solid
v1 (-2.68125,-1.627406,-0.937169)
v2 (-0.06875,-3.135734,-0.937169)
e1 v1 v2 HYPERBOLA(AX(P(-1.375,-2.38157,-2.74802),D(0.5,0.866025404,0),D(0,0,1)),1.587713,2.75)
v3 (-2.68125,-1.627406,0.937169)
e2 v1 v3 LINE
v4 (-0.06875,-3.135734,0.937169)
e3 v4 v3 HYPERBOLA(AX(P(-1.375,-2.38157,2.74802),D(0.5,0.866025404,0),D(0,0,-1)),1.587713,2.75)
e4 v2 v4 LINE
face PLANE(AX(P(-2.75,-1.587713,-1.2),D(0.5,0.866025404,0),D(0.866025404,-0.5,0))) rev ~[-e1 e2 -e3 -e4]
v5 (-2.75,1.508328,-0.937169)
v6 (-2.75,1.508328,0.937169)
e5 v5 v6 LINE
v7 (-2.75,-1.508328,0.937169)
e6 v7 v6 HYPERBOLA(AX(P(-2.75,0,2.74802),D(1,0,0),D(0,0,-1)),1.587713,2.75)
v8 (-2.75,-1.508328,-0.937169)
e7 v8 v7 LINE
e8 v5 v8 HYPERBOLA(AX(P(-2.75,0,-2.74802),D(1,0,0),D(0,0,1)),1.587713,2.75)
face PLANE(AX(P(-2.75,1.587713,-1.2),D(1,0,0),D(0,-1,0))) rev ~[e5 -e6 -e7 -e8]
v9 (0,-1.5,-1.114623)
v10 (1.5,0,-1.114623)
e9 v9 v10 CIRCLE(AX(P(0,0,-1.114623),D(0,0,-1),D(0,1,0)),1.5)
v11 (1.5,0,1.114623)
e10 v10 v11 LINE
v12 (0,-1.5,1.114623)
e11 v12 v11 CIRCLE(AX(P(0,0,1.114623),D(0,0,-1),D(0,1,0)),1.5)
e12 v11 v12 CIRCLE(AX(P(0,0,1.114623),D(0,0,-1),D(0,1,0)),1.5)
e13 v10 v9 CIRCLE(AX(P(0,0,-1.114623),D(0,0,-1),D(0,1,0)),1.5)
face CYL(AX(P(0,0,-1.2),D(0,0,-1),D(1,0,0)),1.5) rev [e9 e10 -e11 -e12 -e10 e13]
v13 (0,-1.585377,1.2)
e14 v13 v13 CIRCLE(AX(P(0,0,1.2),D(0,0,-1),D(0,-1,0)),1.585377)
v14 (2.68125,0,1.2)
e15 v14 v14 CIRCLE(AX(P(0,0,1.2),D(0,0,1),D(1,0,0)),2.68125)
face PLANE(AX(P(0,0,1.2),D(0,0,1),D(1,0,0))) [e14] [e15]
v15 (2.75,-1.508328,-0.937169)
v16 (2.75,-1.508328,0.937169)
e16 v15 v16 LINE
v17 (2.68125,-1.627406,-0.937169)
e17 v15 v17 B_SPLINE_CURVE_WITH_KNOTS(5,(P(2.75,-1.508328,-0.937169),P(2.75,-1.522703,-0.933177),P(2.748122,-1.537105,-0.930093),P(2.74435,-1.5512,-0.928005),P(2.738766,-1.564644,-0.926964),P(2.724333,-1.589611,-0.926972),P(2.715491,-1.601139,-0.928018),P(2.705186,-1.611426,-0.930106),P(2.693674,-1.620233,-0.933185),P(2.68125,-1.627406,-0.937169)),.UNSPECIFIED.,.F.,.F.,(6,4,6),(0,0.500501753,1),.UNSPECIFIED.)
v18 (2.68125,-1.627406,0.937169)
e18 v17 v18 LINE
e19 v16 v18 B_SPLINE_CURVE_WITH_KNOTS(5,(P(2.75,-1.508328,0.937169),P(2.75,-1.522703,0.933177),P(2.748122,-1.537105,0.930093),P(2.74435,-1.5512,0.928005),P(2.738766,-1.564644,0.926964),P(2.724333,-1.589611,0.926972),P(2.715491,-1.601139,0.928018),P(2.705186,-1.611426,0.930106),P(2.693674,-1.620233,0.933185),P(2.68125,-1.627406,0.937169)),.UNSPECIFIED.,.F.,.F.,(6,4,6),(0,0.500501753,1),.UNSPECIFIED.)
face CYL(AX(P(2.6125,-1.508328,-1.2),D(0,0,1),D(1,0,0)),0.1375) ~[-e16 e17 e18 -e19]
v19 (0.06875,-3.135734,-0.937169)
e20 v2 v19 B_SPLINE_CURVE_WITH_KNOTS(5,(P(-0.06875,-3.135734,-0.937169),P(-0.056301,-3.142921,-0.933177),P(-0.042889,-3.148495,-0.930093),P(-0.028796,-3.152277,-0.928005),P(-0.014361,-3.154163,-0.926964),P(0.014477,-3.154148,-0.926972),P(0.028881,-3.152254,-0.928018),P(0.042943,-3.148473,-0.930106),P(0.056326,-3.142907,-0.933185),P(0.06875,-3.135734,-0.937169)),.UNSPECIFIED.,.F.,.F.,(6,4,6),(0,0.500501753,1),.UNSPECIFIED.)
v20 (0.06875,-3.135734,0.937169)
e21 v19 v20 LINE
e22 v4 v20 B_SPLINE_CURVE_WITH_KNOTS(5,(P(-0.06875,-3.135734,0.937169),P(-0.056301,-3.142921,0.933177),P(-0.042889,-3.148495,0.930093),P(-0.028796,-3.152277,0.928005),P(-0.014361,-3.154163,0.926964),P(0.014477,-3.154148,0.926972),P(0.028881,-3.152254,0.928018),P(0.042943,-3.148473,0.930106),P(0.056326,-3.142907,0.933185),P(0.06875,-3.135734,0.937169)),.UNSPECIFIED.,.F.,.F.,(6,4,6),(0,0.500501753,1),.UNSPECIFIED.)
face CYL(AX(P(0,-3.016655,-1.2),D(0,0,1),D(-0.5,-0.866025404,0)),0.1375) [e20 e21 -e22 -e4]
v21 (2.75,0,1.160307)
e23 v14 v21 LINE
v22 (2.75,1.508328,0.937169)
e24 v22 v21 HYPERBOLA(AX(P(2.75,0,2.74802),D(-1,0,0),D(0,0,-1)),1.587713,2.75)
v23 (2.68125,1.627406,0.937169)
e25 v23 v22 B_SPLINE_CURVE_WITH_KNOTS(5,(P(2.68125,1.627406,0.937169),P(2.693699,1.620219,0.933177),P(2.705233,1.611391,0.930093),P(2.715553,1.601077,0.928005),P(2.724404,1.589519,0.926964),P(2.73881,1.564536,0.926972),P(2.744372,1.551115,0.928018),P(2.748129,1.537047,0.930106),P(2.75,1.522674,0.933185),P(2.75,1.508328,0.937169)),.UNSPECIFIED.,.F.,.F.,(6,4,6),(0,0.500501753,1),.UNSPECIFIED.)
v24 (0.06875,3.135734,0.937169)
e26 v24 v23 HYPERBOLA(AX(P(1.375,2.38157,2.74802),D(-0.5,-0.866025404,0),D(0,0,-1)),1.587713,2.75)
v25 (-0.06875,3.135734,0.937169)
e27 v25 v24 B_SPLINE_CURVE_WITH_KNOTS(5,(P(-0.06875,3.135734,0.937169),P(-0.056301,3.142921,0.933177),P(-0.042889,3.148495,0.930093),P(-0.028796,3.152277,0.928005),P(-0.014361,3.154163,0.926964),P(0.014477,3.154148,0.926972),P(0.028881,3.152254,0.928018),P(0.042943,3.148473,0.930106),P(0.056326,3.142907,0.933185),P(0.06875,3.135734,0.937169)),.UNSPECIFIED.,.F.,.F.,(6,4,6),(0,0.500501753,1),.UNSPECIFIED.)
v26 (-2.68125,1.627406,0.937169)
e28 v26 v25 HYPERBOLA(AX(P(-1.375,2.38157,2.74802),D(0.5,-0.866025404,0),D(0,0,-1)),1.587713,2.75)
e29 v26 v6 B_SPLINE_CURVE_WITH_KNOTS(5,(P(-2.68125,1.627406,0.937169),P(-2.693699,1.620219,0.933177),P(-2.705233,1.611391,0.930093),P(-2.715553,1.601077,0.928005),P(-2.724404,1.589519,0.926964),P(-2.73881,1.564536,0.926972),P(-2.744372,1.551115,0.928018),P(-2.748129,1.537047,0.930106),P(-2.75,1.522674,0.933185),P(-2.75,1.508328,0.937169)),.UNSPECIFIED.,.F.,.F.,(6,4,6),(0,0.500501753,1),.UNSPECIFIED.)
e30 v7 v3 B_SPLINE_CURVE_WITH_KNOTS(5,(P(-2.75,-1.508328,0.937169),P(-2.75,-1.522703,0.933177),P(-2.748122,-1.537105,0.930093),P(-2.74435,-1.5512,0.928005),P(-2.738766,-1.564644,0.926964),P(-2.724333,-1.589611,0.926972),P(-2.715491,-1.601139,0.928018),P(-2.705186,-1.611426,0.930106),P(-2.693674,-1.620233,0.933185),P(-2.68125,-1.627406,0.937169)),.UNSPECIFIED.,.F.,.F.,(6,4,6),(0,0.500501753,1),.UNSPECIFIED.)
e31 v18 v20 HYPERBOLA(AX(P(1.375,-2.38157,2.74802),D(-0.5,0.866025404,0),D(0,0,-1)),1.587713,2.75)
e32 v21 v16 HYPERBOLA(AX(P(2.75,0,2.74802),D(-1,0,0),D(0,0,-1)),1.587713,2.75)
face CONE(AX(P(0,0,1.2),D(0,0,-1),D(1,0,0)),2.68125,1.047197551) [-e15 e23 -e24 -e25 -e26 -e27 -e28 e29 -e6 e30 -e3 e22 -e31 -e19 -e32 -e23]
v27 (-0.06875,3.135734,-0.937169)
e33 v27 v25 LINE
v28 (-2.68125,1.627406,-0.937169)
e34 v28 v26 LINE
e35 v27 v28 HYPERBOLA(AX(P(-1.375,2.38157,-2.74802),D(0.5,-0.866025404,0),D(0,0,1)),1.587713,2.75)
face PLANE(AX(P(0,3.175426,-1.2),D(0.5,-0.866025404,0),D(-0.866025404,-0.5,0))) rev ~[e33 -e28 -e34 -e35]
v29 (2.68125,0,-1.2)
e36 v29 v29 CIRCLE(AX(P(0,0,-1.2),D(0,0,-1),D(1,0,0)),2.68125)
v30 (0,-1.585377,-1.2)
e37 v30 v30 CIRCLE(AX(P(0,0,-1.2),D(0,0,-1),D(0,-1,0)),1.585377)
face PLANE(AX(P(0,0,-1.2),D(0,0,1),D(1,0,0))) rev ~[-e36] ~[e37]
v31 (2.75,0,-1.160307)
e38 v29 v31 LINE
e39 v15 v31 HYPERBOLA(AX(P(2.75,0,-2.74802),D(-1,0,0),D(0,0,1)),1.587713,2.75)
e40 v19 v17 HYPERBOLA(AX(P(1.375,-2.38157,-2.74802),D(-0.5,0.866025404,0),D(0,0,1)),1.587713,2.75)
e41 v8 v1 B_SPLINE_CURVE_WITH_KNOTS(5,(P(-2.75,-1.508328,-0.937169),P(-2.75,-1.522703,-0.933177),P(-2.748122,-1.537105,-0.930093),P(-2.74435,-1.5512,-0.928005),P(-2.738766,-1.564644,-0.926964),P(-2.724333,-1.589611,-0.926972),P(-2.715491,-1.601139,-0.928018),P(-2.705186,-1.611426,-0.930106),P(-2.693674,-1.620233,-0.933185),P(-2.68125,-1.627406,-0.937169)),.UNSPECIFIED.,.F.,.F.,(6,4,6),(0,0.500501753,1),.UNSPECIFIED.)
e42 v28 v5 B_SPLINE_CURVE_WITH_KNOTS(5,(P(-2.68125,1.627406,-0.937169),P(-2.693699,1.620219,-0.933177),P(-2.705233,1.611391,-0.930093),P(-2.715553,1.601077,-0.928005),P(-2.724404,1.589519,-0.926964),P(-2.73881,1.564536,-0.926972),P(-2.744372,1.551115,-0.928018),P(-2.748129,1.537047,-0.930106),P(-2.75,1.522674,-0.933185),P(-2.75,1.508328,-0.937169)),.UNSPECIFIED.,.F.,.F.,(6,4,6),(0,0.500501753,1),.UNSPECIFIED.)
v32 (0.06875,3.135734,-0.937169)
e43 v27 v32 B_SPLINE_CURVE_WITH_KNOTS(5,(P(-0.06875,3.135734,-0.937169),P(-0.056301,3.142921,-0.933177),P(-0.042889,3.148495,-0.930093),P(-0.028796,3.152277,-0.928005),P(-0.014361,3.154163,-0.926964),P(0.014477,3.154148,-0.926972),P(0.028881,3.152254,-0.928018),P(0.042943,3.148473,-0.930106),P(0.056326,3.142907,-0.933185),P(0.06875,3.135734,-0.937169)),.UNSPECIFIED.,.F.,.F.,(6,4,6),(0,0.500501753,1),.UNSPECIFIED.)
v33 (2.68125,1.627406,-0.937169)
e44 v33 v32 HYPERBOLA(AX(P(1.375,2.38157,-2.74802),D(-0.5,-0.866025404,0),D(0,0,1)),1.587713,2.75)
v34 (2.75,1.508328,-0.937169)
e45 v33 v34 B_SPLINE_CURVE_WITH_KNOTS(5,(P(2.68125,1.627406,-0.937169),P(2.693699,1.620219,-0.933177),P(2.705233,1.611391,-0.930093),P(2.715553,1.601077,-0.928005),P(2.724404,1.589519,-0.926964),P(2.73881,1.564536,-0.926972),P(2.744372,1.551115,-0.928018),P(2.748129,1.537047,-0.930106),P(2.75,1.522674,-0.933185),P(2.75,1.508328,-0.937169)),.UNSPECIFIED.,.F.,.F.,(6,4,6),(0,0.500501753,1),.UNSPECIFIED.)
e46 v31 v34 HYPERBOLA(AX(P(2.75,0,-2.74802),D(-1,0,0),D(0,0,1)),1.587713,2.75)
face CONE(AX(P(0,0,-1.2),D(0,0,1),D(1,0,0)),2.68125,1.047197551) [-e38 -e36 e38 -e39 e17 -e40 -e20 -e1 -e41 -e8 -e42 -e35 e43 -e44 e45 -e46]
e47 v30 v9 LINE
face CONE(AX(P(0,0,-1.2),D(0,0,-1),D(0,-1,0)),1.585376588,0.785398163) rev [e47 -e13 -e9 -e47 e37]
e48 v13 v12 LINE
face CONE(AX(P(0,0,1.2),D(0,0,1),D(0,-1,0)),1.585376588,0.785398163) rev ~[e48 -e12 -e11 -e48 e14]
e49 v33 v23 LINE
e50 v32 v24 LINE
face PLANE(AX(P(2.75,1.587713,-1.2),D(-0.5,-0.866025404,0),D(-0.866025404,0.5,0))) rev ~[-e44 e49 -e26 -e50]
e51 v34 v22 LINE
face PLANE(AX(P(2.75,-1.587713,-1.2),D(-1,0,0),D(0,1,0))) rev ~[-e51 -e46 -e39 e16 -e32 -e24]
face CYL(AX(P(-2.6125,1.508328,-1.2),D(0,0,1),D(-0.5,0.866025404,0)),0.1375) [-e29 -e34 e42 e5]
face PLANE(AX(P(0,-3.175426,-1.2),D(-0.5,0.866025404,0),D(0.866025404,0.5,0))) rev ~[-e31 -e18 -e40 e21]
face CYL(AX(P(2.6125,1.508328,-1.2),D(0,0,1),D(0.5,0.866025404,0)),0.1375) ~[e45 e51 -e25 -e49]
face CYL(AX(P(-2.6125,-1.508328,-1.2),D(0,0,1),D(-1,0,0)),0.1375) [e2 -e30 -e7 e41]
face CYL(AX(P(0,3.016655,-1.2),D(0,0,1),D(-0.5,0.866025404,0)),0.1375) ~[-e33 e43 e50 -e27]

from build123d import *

# Parameters (mm, degrees)
BOSS_EXTRUDE1_DEPTH      = 1.2
BOSS_EXTRUDE1_DEPTH_BACK = 1.2
SKETCH2_R                = 1.5
SKETCH3_OUTSIDE_W        = 29.47
SKETCH3_OUTSIDE_H        = 30.32
SKETCH3_OUTSIDE_R        = 2.68125
CUT_EXTRUDE1_DEPTH       = 5.837957558
CUT_EXTRUDE1_DRAFT       = -60
FILLET1_R                = 0.1375
MIRROR1_COPY_1_SKETCH_W  = 29.47
MIRROR1_COPY_1_SKETCH_H  = 30.32
MIRROR1_COPY_1_SKETCH_R  = 2.68125
MIRROR1_COPY_1_DEPTH     = 5.837957558
MIRROR1_COPY_1_DRAFT     = -60


with BuildPart() as part:
    # Sketch2 → Boss-Extrude1 (new, two sides: drawn at the far end of the back side and taken through both)
    with BuildSketch(Plane.XY.offset(-BOSS_EXTRUDE1_DEPTH_BACK)):
        Polygon((0, 3.175426481), (-2.75, 1.58771324), (-2.75, -1.58771324), (0, -3.175426481), (2.75, -1.58771324), (2.75, 1.58771324), align=None)
        Circle(SKETCH2_R, mode=Mode.SUBTRACT)
    extrude(amount=BOSS_EXTRUDE1_DEPTH + BOSS_EXTRUDE1_DEPTH_BACK)


with BuildPart() as cut_extrude1_tool:
    # Sketch3 outside → Cut-Extrude1 (with draft: the straight prism first)
    with BuildSketch(Plane.XY.offset(1.2)):
        Rectangle(SKETCH3_OUTSIDE_W, SKETCH3_OUTSIDE_H)
        Circle(SKETCH3_OUTSIDE_R, mode=Mode.SUBTRACT)
    extrude(amount=-CUT_EXTRUDE1_DEPTH)
    # Cut-Extrude1: the draft: its side faces are tilted about the plane it starts from
    cut_extrude1_sides = [cut_extrude1_tool.faces().sort_by_distance(p)[0] for p in [
        (0, -15.16, -1.718978779),
        (14.735, 0, -1.718978779),
        (0, 15.16, -1.718978779),
        (-14.735, 0, -1.718978779),
        (-2.68125, 0, -1.718978779),
    ]]
    draft(cut_extrude1_sides, Plane.XY.offset(1.2), CUT_EXTRUDE1_DRAFT)


with BuildPart() as part_1:
    add(part.part)

    # Cut-Extrude1: cut by cut_extrude1_tool
    add(cut_extrude1_tool.part, mode=Mode.SUBTRACT)

    # Fillet1
    fillet1_edges = [part_1.edges().sort_by_distance(p)[0] for p in [
        (2.75, -1.58771324, -0.142656462),
        (0, -3.175426481, -0.142656462),
        (-2.75, -1.58771324, -0.142656462),
        (-2.75, 1.58771324, -0.142656462),
        (2.75, 1.58771324, -0.142656462),
        (0, 3.175426481, -0.142656462),
    ]]
    fillet(fillet1_edges, radius=FILLET1_R)

    # Cut-Extrude4 cone 1 section (through the dimple's axis) → Cut-Extrude4 (revolve, cut)
    with BuildSketch(Plane(origin=(0, 0, 1.2), x_dir=(0, -1, 0), z_dir=(1, 0, 0))):
        Polygon((0, 0), (1.585376588, 0), (0, 1.585376588), align=None)
    cut_extrude4 = revolve(axis=Axis((0, 0, 1.2), (0, 0, -1)), mode=Mode.SUBTRACT)

    # Mirror1: Cut-Extrude4 across plane
    add(cut_extrude4.mirror(Plane.XY), mode=Mode.SUBTRACT)


with BuildPart() as mirror1_copy_1_tool:
    # Mirror1 copy 1 sketch → Mirror1 copy 1 (with draft: the straight prism first)
    with BuildSketch(Plane(origin=(0, 0, -1.2), x_dir=(1, 0, 0), z_dir=(0, 0, -1))):
        Rectangle(MIRROR1_COPY_1_SKETCH_W, MIRROR1_COPY_1_SKETCH_H)
        Circle(MIRROR1_COPY_1_SKETCH_R, mode=Mode.SUBTRACT)
    extrude(amount=-MIRROR1_COPY_1_DEPTH)
    # Mirror1 copy 1: the draft: its side faces are tilted about the plane it starts from
    mirror1_copy_1_sides = [mirror1_copy_1_tool.faces().sort_by_distance(p)[0] for p in [
        (0, -15.16, 1.718978779),
        (14.735, 0, 1.718978779),
        (0, 15.16, 1.718978779),
        (-14.735, 0, 1.718978779),
        (-2.68125, 0, 1.718978779),
    ]]
    draft(mirror1_copy_1_sides, Plane(origin=(0, 0, -1.2), x_dir=(1, 0, 0), z_dir=(0, 0, -1)), MIRROR1_COPY_1_DRAFT)


with BuildPart() as part_2:
    add(part_1.part)

    # Mirror1 copy 1: cut by mirror1_copy_1_tool
    add(mirror1_copy_1_tool.part, mode=Mode.SUBTRACT)


solid = part_2.part
